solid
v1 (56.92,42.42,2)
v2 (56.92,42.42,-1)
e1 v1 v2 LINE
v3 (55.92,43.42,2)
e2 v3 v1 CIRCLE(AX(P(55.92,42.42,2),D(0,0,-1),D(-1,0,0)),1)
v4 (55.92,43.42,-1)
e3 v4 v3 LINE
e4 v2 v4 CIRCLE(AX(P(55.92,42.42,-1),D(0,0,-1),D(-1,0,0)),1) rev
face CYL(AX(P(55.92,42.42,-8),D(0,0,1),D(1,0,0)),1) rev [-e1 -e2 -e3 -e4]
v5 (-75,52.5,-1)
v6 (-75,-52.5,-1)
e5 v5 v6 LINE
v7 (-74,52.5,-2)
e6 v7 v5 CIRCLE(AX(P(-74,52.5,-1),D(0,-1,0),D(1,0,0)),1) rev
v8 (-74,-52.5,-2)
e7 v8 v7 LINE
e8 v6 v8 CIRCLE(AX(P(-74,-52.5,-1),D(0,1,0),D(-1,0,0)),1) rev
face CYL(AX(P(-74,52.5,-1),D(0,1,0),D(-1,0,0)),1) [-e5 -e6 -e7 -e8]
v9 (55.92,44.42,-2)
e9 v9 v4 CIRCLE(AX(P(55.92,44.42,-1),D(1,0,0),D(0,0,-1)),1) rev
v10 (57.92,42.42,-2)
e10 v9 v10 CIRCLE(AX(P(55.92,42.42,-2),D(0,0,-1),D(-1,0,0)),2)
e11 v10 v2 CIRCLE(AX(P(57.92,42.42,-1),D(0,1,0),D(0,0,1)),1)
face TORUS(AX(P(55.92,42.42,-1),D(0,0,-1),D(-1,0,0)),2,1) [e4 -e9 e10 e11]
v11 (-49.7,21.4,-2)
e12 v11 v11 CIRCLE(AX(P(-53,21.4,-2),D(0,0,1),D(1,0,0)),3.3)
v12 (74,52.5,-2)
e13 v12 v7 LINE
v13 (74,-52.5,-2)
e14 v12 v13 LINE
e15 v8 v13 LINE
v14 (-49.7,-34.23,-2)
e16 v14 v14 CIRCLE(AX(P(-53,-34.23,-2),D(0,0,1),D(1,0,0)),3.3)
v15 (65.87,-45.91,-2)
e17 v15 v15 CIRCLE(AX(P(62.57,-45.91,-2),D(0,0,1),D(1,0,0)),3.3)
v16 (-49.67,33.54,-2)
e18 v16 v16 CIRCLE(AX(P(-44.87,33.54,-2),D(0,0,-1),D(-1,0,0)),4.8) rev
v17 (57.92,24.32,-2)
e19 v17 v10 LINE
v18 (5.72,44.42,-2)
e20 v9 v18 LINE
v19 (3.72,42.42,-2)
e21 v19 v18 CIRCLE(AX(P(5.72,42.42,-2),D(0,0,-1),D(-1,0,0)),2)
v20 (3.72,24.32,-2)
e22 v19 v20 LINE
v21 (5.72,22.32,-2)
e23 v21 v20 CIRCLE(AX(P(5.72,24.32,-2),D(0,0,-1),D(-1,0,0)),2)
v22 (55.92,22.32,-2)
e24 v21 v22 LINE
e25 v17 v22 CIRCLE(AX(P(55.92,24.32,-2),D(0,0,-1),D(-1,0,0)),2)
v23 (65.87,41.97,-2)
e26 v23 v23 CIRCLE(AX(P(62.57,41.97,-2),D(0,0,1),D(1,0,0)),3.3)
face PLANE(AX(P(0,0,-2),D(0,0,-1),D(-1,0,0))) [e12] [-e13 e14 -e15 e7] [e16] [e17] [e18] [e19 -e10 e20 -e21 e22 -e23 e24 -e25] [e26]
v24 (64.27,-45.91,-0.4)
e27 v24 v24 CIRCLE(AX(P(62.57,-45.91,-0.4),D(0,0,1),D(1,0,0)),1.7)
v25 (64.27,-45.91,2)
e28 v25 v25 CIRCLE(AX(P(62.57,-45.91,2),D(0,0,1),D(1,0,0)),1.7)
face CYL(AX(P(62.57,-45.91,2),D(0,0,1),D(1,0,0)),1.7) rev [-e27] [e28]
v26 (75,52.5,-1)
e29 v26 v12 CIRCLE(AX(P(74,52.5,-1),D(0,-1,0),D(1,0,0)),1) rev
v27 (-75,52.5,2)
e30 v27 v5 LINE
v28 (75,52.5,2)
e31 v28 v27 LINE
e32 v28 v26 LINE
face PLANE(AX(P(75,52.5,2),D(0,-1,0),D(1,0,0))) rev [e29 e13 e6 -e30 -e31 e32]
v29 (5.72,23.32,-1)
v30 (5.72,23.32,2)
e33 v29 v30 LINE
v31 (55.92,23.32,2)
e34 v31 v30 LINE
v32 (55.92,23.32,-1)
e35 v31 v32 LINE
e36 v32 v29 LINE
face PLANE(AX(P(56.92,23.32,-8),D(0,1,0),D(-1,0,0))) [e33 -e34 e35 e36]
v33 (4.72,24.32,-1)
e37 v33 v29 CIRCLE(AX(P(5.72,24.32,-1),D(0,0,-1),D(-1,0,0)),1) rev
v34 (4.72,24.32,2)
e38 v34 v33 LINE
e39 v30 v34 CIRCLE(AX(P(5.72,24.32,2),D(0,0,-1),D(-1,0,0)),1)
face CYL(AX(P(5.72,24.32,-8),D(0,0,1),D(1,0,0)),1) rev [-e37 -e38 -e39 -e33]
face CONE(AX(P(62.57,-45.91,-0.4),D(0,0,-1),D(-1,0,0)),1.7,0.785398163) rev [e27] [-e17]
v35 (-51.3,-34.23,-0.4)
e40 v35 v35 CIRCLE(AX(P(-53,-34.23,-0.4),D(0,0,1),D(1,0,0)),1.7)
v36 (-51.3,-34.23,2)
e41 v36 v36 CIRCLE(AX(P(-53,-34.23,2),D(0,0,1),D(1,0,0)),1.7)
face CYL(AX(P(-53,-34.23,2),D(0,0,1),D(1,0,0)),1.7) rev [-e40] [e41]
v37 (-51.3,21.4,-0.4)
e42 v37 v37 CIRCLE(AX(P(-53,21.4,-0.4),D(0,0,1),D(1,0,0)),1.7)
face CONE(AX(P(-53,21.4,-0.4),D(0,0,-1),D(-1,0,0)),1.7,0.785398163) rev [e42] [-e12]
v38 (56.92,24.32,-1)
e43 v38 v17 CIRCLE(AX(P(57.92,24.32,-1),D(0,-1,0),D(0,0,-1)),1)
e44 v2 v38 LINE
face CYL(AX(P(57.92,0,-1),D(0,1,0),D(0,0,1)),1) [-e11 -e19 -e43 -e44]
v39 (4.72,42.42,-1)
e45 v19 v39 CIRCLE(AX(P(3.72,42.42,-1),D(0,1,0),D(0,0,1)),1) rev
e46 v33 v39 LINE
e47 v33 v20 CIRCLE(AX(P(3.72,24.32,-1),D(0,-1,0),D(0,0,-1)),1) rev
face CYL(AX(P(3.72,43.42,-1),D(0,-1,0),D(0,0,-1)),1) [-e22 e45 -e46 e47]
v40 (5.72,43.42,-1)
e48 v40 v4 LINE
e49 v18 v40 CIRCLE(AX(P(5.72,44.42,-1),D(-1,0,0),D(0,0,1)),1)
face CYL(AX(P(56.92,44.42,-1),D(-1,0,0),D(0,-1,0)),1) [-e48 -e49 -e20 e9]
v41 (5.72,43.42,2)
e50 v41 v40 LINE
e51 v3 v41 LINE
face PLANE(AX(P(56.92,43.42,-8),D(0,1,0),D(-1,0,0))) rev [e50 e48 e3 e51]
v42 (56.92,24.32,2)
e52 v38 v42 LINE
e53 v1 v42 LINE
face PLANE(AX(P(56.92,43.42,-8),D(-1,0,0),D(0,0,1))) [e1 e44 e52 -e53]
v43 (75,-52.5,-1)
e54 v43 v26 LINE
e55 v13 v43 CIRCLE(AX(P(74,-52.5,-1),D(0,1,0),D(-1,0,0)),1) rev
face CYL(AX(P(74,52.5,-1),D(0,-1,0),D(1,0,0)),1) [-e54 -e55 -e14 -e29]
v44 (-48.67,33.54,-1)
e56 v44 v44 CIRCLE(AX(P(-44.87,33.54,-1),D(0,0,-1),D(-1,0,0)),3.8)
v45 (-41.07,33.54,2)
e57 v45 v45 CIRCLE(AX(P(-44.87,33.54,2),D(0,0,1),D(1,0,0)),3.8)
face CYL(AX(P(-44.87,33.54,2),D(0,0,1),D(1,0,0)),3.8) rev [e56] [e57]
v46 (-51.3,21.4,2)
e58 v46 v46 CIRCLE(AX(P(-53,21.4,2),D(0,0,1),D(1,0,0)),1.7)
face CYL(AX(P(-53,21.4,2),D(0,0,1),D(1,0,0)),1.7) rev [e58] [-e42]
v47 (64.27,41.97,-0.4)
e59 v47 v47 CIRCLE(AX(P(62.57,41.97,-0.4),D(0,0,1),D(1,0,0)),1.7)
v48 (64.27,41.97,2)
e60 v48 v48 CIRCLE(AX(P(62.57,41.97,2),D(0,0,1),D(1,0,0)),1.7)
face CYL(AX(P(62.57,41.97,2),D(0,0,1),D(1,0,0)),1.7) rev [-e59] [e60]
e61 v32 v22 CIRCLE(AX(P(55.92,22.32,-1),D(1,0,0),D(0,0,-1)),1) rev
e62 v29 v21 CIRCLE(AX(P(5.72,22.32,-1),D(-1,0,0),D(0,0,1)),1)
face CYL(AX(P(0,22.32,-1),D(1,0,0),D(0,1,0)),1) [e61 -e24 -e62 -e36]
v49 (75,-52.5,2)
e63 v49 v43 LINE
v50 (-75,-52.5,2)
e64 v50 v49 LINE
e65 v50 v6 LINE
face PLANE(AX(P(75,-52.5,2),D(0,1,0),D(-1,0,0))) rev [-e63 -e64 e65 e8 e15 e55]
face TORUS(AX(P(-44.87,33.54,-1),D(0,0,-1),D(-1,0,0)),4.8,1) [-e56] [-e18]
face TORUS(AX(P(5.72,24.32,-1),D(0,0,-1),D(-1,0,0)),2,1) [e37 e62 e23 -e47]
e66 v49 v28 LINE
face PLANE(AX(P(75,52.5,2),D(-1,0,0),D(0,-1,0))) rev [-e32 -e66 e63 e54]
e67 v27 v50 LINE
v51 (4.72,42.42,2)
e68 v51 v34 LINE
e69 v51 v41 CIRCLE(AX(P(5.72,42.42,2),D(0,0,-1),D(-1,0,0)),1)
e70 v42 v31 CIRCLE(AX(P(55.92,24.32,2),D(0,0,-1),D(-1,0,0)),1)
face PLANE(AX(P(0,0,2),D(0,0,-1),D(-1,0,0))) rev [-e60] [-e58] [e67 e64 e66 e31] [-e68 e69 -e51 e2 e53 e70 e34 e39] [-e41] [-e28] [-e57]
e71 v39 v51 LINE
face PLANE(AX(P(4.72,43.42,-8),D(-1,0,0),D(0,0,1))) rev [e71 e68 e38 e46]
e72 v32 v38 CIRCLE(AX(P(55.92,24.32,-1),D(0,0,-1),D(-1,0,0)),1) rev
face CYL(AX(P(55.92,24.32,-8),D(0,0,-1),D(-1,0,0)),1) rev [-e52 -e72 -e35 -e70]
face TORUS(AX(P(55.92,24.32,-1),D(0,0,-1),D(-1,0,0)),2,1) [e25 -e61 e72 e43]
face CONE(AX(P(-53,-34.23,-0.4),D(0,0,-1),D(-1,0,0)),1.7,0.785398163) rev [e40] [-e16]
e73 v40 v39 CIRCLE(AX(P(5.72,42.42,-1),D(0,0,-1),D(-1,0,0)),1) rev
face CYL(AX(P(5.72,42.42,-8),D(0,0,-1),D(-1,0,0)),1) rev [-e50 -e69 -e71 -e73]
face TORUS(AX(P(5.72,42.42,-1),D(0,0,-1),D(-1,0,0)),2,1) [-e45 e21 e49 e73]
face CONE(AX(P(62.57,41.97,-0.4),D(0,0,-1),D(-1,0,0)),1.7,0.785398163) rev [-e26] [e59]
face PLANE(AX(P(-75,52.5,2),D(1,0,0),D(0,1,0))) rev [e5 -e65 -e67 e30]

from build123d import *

# Parameters (mm, degrees)
SKETCH1_W                     = 150
SKETCH1_H                     = 105
BOSS_EXTRUDE1_DEPTH           = 2
M3_CLEARANCE_HOLE1_AT_2_COUNT = 2
M3_CLEARANCE_HOLE1_AT_2_PITCH = 55.63
M3_CLEARANCE_HOLE1_AT_3_COUNT = 2
M3_CLEARANCE_HOLE1_AT_3_PITCH = 133.742517548
M3_CLEARANCE_HOLE1_AT_4_COUNT = 2
M3_CLEARANCE_HOLE1_AT_4_PITCH = 117.386327142
M7_CLEARANCE_HOLE1_D          = 7.6
SKETCH6_W                     = 52.2
SKETCH6_H                     = 20.1
CUT_EXTRUDE1_DEPTH            = 10
FILLET1_R                     = 1
FILLET2_R                     = 1
FILLET3_R                     = 1


with BuildPart() as part:
    # Sketch1 → Boss-Extrude1 (new, symmetric)
    with BuildSketch(Plane.XY):
        Rectangle(SKETCH1_W, SKETCH1_H)
    extrude(amount=BOSS_EXTRUDE1_DEPTH, both=True)

    # Sketch3 → M3 Clearance Hole1 (revolve, cut)
    with BuildSketch(Plane(origin=(-53, 21.4, 2), x_dir=(0, -1, 0), z_dir=(1, 0, 0))):
        Polygon((0, 0), (0, 4), (3.3, 4), (1.7, 2.4), (1.7, 0), align=None)
    m3_clearance_hole1 = revolve(axis=Axis((-53, 21.4, 8.35), (0, 0, -1)), mode=Mode.SUBTRACT)

    # M3 Clearance Hole1 at 2: M3 Clearance Hole1 ×2
    with Locations(*[(0, -i * M3_CLEARANCE_HOLE1_AT_2_PITCH, 0) for i in range(1, M3_CLEARANCE_HOLE1_AT_2_COUNT)]):
        add(m3_clearance_hole1, mode=Mode.SUBTRACT)

    # M3 Clearance Hole1 at 3: M3 Clearance Hole1 ×2
    with Locations(*[Vector(0.8641231084854607, -0.5032804917552683, 0) * (i * M3_CLEARANCE_HOLE1_AT_3_PITCH) for i in range(1, M3_CLEARANCE_HOLE1_AT_3_COUNT)]):
        add(m3_clearance_hole1, mode=Mode.SUBTRACT)

    # M3 Clearance Hole1 at 4: M3 Clearance Hole1 ×2
    with Locations(*[Vector(0.9845269275673837, 0.17523335554262423, 0) * (i * M3_CLEARANCE_HOLE1_AT_4_PITCH) for i in range(1, M3_CLEARANCE_HOLE1_AT_4_COUNT)]):
        add(m3_clearance_hole1, mode=Mode.SUBTRACT)

    # M7 Clearance Hole1 (through all)
    with Locations(Plane.XY.offset(2)):
        with Locations((-44.87, 33.54)):
            Hole(M7_CLEARANCE_HOLE1_D / 2)

    # Sketch6 → Cut-Extrude1 (cut)
    with BuildSketch(Plane.XY.offset(2)):
        with Locations((30.82, 33.37)):
            Rectangle(SKETCH6_W, SKETCH6_H)
    extrude(amount=-CUT_EXTRUDE1_DEPTH, mode=Mode.SUBTRACT)

    # Fillet1
    fillet1_edges = [part.edges().sort_by_distance(p)[0] for p in [
        (56.92, 33.37, -2),
        (30.82, 43.42, -2),
        (4.72, 33.37, -2),
        (30.82, 23.32, -2),
        (56.92, 23.32, 0),
        (4.72, 23.32, 0),
        (4.72, 43.42, 0),
        (56.92, 43.42, 0),
    ]]
    fillet(fillet1_edges, radius=FILLET1_R)

    # Fillet2
    fillet2_edges = [part.edges().sort_by_distance(p)[0] for p in [
        (-41.07, 33.54, -2),
    ]]
    fillet(fillet2_edges, radius=FILLET2_R)

    # Fillet3
    fillet3_edges = [part.edges().sort_by_distance(p)[0] for p in [
        (75, 0, -2),
        (-75, 0, -2),
    ]]
    fillet(fillet3_edges, radius=FILLET3_R)


solid = part.part
